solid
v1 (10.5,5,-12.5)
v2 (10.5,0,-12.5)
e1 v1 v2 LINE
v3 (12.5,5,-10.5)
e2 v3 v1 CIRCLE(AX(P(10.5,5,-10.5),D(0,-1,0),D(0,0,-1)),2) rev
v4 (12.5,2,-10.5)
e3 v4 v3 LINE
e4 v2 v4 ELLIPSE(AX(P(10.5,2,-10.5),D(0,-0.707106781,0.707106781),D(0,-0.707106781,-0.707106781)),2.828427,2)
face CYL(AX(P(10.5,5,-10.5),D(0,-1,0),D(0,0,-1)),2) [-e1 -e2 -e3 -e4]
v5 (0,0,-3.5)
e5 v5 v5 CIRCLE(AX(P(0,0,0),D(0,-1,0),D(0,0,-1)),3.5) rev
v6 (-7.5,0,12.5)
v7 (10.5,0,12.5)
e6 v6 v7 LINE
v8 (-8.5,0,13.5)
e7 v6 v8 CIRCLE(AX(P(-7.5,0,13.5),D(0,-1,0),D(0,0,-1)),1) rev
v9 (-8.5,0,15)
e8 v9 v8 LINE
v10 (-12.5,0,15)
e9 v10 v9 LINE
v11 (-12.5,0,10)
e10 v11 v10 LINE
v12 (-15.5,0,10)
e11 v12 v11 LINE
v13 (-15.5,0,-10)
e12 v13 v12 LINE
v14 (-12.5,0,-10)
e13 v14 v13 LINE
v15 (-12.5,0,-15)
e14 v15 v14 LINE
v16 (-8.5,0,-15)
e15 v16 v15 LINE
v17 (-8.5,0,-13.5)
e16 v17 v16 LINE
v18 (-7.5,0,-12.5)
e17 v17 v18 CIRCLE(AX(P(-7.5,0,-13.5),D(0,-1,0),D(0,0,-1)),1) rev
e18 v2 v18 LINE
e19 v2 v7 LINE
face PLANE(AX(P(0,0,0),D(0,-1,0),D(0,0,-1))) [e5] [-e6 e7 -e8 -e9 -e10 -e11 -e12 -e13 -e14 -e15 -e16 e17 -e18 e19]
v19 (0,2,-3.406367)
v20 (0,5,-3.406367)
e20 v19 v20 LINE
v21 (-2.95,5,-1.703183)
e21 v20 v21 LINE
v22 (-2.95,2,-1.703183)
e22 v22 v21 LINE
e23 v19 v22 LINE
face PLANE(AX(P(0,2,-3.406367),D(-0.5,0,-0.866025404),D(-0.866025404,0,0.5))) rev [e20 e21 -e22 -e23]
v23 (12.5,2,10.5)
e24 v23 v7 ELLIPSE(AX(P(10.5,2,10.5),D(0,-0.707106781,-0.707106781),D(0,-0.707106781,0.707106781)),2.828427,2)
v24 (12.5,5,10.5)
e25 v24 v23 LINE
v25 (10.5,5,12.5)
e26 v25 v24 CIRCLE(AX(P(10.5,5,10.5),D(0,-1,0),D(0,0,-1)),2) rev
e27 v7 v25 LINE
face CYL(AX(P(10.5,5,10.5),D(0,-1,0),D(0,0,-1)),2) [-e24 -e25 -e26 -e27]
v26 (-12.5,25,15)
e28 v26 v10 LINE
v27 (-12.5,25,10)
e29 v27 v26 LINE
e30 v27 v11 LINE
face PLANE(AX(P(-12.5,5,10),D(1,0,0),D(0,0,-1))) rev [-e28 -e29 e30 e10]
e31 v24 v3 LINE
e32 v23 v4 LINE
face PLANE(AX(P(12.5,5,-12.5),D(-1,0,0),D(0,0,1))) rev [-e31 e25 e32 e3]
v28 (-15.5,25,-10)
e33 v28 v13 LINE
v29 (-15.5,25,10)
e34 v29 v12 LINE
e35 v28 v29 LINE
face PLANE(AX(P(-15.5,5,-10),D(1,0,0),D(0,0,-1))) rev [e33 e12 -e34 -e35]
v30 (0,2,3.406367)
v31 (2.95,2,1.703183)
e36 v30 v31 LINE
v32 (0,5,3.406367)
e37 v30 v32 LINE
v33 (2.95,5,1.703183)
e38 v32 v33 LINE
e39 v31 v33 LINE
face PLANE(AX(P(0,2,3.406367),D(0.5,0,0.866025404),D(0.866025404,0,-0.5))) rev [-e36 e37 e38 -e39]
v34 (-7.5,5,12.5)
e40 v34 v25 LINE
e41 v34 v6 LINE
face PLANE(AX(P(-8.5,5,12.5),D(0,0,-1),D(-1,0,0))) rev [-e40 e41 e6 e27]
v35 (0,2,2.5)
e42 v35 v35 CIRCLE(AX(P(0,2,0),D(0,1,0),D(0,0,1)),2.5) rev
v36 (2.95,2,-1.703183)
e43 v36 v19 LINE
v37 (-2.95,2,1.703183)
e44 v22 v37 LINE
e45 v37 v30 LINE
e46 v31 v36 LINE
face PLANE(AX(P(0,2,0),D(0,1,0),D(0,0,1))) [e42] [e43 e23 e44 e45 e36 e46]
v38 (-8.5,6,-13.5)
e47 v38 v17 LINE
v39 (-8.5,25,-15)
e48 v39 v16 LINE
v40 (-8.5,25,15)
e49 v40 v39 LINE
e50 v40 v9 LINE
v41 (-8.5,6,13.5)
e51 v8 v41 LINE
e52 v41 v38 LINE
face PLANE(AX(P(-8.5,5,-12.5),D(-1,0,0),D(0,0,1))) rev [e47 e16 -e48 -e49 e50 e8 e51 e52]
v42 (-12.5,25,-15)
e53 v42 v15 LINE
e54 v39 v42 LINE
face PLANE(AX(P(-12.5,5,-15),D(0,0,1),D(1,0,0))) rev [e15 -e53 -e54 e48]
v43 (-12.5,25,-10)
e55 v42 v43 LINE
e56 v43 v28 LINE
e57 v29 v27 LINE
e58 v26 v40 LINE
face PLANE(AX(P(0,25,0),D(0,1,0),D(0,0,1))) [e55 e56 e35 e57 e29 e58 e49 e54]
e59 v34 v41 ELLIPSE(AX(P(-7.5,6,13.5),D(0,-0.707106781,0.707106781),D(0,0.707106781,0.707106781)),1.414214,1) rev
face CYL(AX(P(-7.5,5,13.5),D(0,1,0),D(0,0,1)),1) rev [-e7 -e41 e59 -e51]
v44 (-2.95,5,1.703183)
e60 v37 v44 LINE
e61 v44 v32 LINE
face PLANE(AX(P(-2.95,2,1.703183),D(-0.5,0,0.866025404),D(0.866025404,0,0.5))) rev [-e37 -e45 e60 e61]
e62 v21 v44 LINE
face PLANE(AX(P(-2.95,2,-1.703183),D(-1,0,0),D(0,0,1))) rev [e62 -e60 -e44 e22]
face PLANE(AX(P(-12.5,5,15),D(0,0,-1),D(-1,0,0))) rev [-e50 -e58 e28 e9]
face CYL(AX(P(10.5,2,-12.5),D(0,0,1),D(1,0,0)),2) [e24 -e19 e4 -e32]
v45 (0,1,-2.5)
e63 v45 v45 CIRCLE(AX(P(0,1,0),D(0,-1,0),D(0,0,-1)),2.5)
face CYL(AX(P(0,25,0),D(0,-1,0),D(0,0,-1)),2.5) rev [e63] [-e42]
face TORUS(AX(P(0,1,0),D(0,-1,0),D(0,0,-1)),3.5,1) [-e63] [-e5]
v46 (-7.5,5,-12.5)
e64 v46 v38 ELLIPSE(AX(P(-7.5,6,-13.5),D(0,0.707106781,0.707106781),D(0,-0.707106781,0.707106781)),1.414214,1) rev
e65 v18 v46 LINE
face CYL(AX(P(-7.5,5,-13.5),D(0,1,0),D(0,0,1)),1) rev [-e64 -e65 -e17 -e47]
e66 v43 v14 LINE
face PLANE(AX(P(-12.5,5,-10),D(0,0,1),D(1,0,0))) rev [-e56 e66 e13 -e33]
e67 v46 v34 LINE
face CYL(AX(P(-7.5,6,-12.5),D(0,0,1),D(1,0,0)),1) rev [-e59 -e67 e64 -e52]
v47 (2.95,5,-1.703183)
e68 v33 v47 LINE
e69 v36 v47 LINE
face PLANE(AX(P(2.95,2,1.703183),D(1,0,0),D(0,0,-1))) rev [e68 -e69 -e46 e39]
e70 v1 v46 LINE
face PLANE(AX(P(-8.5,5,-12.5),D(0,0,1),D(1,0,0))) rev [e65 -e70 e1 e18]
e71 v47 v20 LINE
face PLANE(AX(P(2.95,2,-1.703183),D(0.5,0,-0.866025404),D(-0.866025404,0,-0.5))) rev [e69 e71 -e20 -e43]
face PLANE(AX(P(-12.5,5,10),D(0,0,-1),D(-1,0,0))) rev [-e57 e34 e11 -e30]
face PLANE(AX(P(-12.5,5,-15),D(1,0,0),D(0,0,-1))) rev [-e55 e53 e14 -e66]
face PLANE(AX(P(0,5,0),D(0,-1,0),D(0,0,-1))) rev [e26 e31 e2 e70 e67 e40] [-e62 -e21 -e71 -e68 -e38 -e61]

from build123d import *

# Parameters (mm, degrees)
BOSS_EXTRUDE1_DEPTH     = 5
BOSS_EXTRUDE2_DEPTH     = 20
CUT_EXTRUDE1_DEPTH      = 34.018933962
CUT_EXTRUDE1_DEPTH_BACK = 34.018933962
SKETCH4_R               = 2.5
FILLET1_R               = 1
FILLET2_R               = 1
FILLET3_R               = 2
CUT_EXTRUDE2_DEPTH      = 3


with BuildPart() as part:
    # Sketch2 → Boss-Extrude1 (new body)
    with BuildSketch(Plane(origin=(0, 0, 0), x_dir=(1, 0, 0), z_dir=(0, 1, 0))):
        Polygon((-8.5, -12.5), (12.5, -12.5), (12.5, 12.5), (-8.5, 12.5), (-8.5, 15), (-12.5, 15), (-12.5, 10), (-15.5, 10), (-15.5, -10), (-12.5, -10), (-12.5, -15), (-8.5, -15), align=None)
    extrude(amount=BOSS_EXTRUDE1_DEPTH)

    # Sketch3 → Boss-Extrude2 (add)
    with BuildSketch(Plane(origin=(0, 5, 0), x_dir=(1, 0, 0), z_dir=(0, 1, 0))):
        Polygon((-15.5, 10), (-15.5, -10), (-12.5, -10), (-12.5, -15), (-8.5, -15), (-8.5, 15), (-12.5, 15), (-12.5, 10), align=None)
    extrude(amount=BOSS_EXTRUDE2_DEPTH)

    # Sketch4 → Cut-Extrude1 (cut, two sides: drawn at the far end of the back side and taken through both)
    with BuildSketch(Plane.XZ.offset(-CUT_EXTRUDE1_DEPTH_BACK)):
        with Locations(Location((0, 0, 0), (0, 0, 270))):
            Circle(SKETCH4_R)
    extrude(amount=CUT_EXTRUDE1_DEPTH + CUT_EXTRUDE1_DEPTH_BACK, mode=Mode.SUBTRACT)

    # Fillet1
    fillet1_edges = [part.edges().sort_by_distance(p)[0] for p in [
        (0, 0, 2.5),
    ]]
    fillet(fillet1_edges, radius=FILLET1_R)

    # Fillet2
    fillet2_edges = [part.edges().sort_by_distance(p)[0] for p in [
        (-8.5, 2.5, -12.5),
        (-8.5, 2.5, 12.5),
        (-8.5, 5, 0),
    ]]
    fillet(fillet2_edges, radius=FILLET2_R)

    # Fillet3
    fillet3_edges = [part.edges().sort_by_distance(p)[0] for p in [
        (12.5, 0, 0),
        (12.5, 2.5, -12.5),
        (12.5, 2.5, 12.5),
    ]]
    fillet(fillet3_edges, radius=FILLET3_R)

    # Sketch5 → Cut-Extrude2 (cut)
    with BuildSketch(Plane(origin=(0, 5, 0), x_dir=(1, 0, 0), z_dir=(0, 1, 0))):
        Polygon((2.95, 1.703183294), (0, 3.406366588), (-2.95, 1.703183294), (-2.95, -1.703183294), (0, -3.406366588), (2.95, -1.703183294), align=None)
    extrude(amount=-CUT_EXTRUDE2_DEPTH, mode=Mode.SUBTRACT)


solid = part.part
